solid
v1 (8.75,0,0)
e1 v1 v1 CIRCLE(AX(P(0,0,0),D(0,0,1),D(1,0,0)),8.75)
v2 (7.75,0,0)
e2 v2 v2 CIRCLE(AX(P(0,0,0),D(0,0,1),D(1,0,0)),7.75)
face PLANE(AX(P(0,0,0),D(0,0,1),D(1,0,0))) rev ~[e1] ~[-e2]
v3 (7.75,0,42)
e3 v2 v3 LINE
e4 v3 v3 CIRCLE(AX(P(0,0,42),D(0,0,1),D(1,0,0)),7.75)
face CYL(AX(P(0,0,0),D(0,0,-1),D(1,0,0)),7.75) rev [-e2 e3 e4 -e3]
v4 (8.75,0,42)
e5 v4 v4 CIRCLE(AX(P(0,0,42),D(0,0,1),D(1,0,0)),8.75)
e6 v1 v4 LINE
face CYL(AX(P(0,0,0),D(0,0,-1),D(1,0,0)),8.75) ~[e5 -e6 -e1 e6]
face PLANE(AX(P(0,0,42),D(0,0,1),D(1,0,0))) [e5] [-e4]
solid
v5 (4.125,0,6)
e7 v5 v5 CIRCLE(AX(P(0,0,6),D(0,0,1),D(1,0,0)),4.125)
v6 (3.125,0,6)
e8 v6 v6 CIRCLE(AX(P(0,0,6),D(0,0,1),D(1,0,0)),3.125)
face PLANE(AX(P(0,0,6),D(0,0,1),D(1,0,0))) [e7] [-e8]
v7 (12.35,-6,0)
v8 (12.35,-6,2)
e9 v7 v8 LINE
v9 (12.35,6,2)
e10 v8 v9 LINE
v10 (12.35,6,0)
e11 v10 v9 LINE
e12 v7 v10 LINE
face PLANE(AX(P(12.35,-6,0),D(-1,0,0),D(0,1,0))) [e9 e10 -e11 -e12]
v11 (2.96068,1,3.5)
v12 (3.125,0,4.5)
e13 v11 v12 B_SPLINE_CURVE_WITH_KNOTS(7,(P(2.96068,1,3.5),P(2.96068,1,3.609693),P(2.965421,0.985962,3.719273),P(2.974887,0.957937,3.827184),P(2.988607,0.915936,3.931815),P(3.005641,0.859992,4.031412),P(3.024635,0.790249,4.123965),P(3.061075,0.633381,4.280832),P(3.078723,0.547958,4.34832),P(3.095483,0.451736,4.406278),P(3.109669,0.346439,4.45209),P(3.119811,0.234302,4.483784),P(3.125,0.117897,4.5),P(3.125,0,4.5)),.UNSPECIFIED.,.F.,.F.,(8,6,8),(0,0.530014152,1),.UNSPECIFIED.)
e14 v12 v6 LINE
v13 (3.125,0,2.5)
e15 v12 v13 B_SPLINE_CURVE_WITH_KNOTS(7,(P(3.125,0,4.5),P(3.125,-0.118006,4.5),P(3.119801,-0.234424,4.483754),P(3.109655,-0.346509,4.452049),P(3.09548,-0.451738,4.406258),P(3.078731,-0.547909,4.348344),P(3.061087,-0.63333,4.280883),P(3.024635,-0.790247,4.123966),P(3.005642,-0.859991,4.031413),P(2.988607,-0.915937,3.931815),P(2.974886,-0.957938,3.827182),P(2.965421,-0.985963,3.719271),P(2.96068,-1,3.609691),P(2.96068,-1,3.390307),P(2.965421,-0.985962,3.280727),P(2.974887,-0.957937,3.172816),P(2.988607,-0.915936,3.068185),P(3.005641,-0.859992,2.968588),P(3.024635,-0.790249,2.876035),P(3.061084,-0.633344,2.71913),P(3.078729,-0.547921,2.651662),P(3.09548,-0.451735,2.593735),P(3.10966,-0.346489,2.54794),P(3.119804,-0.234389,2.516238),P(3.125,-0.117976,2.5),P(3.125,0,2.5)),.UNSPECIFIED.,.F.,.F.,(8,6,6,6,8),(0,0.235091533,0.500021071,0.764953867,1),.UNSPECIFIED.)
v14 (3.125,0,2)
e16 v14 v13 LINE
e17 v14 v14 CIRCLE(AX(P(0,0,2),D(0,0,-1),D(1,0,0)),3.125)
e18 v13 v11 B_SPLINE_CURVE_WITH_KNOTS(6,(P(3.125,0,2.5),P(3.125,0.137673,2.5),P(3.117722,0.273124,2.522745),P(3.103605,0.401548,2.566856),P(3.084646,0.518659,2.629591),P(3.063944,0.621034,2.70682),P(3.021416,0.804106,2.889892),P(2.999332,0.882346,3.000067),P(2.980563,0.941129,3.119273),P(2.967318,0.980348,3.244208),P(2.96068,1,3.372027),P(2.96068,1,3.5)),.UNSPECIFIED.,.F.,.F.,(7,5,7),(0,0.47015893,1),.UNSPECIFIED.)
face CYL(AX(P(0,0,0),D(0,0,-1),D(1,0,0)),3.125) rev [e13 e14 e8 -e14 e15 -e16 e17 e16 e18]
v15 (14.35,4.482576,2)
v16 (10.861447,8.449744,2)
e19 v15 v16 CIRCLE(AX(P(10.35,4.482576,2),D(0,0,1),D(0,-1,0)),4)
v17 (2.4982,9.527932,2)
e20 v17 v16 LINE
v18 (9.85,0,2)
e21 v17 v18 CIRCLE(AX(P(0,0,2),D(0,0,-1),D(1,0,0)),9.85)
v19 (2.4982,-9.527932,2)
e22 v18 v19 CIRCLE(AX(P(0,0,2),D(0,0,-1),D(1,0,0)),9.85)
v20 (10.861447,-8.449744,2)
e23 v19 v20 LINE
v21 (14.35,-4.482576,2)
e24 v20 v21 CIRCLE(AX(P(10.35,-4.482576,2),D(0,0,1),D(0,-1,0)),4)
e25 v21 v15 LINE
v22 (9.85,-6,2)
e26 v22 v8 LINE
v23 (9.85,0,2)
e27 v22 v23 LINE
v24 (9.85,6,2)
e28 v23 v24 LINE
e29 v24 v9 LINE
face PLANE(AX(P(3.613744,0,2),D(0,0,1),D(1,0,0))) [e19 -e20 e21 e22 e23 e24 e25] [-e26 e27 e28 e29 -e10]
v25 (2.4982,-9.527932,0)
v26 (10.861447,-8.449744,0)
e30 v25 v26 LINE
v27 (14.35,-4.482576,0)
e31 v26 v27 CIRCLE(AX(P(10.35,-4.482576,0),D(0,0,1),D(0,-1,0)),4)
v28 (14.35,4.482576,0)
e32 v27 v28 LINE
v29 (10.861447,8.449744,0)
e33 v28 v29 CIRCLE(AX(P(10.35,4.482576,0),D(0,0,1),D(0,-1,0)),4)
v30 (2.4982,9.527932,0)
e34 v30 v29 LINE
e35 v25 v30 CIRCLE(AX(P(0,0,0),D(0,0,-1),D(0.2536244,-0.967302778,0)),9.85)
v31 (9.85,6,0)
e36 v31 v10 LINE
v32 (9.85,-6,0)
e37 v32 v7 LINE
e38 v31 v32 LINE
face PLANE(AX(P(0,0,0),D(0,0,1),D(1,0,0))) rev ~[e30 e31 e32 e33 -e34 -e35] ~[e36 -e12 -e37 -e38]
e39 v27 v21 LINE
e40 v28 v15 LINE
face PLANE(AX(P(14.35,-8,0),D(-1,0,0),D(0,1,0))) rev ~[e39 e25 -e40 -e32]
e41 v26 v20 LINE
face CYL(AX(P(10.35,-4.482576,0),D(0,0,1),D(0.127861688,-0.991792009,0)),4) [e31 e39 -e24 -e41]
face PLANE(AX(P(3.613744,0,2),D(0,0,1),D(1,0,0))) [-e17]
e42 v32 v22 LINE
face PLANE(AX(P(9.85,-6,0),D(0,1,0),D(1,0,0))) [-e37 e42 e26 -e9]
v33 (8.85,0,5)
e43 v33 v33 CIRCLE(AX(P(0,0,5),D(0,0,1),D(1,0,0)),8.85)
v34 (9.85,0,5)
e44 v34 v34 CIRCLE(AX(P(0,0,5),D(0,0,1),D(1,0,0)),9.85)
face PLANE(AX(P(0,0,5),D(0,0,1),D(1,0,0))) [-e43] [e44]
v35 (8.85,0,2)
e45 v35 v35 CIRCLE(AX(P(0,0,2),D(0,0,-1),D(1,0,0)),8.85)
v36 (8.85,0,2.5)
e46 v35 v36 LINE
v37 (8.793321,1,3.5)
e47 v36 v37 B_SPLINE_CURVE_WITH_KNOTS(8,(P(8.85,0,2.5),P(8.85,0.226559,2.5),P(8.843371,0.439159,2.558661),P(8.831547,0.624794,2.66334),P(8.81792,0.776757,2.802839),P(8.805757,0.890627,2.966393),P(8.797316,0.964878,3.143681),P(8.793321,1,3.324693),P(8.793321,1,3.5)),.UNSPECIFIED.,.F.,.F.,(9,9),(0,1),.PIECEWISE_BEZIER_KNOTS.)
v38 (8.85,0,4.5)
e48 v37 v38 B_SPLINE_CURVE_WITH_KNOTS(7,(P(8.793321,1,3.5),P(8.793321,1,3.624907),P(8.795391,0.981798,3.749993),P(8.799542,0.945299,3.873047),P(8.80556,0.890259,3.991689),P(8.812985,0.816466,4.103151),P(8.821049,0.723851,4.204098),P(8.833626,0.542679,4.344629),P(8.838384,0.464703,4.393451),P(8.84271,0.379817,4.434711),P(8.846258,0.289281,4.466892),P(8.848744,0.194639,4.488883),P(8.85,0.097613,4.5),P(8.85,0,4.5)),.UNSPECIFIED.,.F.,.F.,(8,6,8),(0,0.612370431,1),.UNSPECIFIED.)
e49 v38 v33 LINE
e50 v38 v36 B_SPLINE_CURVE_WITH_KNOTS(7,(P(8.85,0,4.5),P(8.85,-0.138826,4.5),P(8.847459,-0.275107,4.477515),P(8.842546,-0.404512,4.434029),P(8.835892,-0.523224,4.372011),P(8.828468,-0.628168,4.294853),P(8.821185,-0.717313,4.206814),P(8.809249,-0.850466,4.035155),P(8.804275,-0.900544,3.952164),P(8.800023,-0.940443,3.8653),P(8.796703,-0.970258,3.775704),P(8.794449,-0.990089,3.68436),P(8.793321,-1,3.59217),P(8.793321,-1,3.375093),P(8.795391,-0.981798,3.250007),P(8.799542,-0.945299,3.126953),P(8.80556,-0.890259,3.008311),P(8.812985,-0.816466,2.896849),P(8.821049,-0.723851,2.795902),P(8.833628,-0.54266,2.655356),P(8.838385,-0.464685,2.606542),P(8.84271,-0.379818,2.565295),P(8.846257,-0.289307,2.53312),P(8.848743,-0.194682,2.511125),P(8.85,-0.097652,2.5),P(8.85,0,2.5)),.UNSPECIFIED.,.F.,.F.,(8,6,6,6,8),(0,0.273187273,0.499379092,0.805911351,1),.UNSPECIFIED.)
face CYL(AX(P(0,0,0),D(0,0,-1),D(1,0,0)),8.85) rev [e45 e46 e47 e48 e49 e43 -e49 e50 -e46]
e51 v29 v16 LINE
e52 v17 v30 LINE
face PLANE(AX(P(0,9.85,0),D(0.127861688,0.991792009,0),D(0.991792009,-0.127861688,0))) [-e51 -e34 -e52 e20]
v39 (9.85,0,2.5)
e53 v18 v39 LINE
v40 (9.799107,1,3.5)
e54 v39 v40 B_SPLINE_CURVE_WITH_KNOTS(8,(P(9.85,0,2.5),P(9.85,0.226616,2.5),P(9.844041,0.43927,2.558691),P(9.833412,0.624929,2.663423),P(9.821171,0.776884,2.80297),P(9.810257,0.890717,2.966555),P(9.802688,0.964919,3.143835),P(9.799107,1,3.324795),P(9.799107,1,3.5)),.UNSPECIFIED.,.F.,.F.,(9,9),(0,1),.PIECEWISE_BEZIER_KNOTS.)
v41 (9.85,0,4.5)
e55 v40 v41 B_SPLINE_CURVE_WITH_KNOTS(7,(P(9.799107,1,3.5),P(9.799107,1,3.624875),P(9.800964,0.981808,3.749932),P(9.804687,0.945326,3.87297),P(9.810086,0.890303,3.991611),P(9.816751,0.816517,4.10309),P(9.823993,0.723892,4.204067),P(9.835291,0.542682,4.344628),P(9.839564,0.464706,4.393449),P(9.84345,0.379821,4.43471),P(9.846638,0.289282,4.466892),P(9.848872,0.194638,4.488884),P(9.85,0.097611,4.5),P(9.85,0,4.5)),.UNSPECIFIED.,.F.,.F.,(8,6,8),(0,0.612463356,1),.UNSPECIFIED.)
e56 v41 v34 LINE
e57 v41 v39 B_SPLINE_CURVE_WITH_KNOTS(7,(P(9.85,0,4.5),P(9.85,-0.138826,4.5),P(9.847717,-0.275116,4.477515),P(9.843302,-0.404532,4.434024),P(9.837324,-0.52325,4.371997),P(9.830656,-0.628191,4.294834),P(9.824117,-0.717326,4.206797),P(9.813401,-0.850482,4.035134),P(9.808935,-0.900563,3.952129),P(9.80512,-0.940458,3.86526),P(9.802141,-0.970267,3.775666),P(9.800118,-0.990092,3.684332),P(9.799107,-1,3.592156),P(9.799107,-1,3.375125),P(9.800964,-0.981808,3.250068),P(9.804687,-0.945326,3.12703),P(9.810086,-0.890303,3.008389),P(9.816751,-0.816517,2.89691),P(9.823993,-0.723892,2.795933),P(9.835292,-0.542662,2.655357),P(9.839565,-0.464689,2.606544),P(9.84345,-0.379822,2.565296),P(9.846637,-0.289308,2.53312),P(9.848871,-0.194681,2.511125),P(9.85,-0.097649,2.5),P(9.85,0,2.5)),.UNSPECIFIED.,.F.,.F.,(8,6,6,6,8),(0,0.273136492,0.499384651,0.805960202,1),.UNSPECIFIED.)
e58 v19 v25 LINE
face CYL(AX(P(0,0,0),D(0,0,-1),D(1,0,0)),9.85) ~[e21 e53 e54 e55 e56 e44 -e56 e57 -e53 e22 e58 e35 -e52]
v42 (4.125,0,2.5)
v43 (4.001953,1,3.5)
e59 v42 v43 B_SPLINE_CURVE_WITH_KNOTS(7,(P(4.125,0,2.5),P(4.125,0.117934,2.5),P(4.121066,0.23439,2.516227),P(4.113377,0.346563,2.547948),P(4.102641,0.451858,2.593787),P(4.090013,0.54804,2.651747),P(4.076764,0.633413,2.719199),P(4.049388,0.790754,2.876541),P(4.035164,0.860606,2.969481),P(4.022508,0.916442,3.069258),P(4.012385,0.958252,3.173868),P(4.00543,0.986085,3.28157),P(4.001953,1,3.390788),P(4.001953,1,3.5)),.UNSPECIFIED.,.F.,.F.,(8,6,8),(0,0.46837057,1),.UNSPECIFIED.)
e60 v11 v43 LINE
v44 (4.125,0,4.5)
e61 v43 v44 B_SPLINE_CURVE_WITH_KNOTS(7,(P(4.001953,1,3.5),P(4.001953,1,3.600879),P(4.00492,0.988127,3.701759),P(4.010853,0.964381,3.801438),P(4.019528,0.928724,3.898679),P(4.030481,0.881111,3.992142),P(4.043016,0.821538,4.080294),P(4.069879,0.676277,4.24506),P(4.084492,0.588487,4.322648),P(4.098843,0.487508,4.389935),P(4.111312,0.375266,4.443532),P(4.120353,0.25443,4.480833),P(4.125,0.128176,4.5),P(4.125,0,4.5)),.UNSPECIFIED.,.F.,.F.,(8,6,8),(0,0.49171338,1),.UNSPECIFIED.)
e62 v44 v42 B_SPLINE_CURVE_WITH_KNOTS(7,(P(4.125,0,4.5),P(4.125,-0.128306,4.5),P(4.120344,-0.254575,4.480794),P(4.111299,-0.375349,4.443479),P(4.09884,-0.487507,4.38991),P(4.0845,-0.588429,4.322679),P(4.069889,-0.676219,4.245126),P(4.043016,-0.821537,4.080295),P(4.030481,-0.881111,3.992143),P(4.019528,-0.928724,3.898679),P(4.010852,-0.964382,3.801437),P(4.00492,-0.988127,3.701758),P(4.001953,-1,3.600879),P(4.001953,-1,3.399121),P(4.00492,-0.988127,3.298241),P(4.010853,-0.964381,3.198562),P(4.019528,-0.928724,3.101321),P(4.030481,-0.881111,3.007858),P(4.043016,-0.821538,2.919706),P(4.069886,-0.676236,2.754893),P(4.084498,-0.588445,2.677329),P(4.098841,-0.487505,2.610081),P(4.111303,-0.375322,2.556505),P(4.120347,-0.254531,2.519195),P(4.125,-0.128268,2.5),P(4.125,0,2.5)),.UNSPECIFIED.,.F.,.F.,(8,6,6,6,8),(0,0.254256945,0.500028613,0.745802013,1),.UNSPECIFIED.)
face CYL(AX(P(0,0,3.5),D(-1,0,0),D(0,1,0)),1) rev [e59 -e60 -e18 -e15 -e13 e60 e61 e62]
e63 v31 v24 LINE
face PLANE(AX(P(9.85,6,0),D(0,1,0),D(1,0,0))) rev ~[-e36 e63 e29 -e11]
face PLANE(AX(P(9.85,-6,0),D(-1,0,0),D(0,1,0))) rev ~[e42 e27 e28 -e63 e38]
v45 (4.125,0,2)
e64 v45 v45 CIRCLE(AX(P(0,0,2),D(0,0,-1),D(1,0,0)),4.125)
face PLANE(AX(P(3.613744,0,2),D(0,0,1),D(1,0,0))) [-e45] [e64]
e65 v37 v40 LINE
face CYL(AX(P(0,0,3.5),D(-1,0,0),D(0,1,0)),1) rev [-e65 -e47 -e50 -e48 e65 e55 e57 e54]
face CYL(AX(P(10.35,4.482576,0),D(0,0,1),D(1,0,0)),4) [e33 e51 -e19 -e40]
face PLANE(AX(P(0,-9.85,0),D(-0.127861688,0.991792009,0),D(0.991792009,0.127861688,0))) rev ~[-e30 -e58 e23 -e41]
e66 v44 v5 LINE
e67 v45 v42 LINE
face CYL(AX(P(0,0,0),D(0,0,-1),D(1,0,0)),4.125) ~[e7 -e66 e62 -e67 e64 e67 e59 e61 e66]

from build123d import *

# Parameters (mm, degrees)
SKETCH_R      = 8.75
SKETCH_R_2    = 7.75
PAD_DEPTH     = 42
SKETCH001_R   = 9.85
SKETCH001_R_2 = 8.85
PAD001_DEPTH  = 5
SKETCH002_W   = 2.5
SKETCH002_H   = 12
PAD002_DEPTH  = 2
SKETCH003_R   = 4.125
SKETCH003_R_2 = 3.125
PAD003_DEPTH  = 6
FILLET_R      = 4
SKETCH004_R   = 1
POCKET_DEPTH  = 14.351


with BuildPart() as body:
    # Sketch → Pad (new body)
    with BuildSketch(Plane.XY):
        Circle(SKETCH_R)
        Circle(SKETCH_R_2, mode=Mode.SUBTRACT)
    extrude(amount=PAD_DEPTH)


with BuildPart() as body001:
    # Sketch001 → Pad001 (new body)
    with BuildSketch(Plane.XY):
        Circle(SKETCH001_R)
        Circle(SKETCH001_R_2, mode=Mode.SUBTRACT)
    extrude(amount=PAD001_DEPTH)

    # Sketch002 → Pad002 (join)
    with BuildSketch(Plane.XY):
        with BuildLine():
            Line((14.35, -8), (14.35, 8))
            Line((0, 9.85), (14.35, 8))
            ThreePointArc((0, 9.85), (-9.85, 0), (0, -9.85))
            Line((0, -9.85), (14.35, -8))
        make_face()
        with Locations((11.1, 0)):
            Rectangle(SKETCH002_W, SKETCH002_H, mode=Mode.SUBTRACT)
    extrude(amount=PAD002_DEPTH)

    # Sketch003 → Pad003 (join)
    with BuildSketch(Plane.XY):
        Circle(SKETCH003_R)
        Circle(SKETCH003_R_2, mode=Mode.SUBTRACT)
    extrude(amount=PAD003_DEPTH)

    # Fillet
    fillet_edges = [body001.edges().sort_by_distance(p)[0] for p in [
        (14.35, 8, 1),
        (14.35, -8, 1),
    ]]
    fillet(fillet_edges, radius=FILLET_R)

    # Sketch004 → Pocket (cut, through all)
    with BuildSketch(Plane.YZ):
        with Locations((0, 3.5)):
            Circle(SKETCH004_R)
    extrude(amount=POCKET_DEPTH, mode=Mode.SUBTRACT)


solid = Compound([body.part, body001.part])
